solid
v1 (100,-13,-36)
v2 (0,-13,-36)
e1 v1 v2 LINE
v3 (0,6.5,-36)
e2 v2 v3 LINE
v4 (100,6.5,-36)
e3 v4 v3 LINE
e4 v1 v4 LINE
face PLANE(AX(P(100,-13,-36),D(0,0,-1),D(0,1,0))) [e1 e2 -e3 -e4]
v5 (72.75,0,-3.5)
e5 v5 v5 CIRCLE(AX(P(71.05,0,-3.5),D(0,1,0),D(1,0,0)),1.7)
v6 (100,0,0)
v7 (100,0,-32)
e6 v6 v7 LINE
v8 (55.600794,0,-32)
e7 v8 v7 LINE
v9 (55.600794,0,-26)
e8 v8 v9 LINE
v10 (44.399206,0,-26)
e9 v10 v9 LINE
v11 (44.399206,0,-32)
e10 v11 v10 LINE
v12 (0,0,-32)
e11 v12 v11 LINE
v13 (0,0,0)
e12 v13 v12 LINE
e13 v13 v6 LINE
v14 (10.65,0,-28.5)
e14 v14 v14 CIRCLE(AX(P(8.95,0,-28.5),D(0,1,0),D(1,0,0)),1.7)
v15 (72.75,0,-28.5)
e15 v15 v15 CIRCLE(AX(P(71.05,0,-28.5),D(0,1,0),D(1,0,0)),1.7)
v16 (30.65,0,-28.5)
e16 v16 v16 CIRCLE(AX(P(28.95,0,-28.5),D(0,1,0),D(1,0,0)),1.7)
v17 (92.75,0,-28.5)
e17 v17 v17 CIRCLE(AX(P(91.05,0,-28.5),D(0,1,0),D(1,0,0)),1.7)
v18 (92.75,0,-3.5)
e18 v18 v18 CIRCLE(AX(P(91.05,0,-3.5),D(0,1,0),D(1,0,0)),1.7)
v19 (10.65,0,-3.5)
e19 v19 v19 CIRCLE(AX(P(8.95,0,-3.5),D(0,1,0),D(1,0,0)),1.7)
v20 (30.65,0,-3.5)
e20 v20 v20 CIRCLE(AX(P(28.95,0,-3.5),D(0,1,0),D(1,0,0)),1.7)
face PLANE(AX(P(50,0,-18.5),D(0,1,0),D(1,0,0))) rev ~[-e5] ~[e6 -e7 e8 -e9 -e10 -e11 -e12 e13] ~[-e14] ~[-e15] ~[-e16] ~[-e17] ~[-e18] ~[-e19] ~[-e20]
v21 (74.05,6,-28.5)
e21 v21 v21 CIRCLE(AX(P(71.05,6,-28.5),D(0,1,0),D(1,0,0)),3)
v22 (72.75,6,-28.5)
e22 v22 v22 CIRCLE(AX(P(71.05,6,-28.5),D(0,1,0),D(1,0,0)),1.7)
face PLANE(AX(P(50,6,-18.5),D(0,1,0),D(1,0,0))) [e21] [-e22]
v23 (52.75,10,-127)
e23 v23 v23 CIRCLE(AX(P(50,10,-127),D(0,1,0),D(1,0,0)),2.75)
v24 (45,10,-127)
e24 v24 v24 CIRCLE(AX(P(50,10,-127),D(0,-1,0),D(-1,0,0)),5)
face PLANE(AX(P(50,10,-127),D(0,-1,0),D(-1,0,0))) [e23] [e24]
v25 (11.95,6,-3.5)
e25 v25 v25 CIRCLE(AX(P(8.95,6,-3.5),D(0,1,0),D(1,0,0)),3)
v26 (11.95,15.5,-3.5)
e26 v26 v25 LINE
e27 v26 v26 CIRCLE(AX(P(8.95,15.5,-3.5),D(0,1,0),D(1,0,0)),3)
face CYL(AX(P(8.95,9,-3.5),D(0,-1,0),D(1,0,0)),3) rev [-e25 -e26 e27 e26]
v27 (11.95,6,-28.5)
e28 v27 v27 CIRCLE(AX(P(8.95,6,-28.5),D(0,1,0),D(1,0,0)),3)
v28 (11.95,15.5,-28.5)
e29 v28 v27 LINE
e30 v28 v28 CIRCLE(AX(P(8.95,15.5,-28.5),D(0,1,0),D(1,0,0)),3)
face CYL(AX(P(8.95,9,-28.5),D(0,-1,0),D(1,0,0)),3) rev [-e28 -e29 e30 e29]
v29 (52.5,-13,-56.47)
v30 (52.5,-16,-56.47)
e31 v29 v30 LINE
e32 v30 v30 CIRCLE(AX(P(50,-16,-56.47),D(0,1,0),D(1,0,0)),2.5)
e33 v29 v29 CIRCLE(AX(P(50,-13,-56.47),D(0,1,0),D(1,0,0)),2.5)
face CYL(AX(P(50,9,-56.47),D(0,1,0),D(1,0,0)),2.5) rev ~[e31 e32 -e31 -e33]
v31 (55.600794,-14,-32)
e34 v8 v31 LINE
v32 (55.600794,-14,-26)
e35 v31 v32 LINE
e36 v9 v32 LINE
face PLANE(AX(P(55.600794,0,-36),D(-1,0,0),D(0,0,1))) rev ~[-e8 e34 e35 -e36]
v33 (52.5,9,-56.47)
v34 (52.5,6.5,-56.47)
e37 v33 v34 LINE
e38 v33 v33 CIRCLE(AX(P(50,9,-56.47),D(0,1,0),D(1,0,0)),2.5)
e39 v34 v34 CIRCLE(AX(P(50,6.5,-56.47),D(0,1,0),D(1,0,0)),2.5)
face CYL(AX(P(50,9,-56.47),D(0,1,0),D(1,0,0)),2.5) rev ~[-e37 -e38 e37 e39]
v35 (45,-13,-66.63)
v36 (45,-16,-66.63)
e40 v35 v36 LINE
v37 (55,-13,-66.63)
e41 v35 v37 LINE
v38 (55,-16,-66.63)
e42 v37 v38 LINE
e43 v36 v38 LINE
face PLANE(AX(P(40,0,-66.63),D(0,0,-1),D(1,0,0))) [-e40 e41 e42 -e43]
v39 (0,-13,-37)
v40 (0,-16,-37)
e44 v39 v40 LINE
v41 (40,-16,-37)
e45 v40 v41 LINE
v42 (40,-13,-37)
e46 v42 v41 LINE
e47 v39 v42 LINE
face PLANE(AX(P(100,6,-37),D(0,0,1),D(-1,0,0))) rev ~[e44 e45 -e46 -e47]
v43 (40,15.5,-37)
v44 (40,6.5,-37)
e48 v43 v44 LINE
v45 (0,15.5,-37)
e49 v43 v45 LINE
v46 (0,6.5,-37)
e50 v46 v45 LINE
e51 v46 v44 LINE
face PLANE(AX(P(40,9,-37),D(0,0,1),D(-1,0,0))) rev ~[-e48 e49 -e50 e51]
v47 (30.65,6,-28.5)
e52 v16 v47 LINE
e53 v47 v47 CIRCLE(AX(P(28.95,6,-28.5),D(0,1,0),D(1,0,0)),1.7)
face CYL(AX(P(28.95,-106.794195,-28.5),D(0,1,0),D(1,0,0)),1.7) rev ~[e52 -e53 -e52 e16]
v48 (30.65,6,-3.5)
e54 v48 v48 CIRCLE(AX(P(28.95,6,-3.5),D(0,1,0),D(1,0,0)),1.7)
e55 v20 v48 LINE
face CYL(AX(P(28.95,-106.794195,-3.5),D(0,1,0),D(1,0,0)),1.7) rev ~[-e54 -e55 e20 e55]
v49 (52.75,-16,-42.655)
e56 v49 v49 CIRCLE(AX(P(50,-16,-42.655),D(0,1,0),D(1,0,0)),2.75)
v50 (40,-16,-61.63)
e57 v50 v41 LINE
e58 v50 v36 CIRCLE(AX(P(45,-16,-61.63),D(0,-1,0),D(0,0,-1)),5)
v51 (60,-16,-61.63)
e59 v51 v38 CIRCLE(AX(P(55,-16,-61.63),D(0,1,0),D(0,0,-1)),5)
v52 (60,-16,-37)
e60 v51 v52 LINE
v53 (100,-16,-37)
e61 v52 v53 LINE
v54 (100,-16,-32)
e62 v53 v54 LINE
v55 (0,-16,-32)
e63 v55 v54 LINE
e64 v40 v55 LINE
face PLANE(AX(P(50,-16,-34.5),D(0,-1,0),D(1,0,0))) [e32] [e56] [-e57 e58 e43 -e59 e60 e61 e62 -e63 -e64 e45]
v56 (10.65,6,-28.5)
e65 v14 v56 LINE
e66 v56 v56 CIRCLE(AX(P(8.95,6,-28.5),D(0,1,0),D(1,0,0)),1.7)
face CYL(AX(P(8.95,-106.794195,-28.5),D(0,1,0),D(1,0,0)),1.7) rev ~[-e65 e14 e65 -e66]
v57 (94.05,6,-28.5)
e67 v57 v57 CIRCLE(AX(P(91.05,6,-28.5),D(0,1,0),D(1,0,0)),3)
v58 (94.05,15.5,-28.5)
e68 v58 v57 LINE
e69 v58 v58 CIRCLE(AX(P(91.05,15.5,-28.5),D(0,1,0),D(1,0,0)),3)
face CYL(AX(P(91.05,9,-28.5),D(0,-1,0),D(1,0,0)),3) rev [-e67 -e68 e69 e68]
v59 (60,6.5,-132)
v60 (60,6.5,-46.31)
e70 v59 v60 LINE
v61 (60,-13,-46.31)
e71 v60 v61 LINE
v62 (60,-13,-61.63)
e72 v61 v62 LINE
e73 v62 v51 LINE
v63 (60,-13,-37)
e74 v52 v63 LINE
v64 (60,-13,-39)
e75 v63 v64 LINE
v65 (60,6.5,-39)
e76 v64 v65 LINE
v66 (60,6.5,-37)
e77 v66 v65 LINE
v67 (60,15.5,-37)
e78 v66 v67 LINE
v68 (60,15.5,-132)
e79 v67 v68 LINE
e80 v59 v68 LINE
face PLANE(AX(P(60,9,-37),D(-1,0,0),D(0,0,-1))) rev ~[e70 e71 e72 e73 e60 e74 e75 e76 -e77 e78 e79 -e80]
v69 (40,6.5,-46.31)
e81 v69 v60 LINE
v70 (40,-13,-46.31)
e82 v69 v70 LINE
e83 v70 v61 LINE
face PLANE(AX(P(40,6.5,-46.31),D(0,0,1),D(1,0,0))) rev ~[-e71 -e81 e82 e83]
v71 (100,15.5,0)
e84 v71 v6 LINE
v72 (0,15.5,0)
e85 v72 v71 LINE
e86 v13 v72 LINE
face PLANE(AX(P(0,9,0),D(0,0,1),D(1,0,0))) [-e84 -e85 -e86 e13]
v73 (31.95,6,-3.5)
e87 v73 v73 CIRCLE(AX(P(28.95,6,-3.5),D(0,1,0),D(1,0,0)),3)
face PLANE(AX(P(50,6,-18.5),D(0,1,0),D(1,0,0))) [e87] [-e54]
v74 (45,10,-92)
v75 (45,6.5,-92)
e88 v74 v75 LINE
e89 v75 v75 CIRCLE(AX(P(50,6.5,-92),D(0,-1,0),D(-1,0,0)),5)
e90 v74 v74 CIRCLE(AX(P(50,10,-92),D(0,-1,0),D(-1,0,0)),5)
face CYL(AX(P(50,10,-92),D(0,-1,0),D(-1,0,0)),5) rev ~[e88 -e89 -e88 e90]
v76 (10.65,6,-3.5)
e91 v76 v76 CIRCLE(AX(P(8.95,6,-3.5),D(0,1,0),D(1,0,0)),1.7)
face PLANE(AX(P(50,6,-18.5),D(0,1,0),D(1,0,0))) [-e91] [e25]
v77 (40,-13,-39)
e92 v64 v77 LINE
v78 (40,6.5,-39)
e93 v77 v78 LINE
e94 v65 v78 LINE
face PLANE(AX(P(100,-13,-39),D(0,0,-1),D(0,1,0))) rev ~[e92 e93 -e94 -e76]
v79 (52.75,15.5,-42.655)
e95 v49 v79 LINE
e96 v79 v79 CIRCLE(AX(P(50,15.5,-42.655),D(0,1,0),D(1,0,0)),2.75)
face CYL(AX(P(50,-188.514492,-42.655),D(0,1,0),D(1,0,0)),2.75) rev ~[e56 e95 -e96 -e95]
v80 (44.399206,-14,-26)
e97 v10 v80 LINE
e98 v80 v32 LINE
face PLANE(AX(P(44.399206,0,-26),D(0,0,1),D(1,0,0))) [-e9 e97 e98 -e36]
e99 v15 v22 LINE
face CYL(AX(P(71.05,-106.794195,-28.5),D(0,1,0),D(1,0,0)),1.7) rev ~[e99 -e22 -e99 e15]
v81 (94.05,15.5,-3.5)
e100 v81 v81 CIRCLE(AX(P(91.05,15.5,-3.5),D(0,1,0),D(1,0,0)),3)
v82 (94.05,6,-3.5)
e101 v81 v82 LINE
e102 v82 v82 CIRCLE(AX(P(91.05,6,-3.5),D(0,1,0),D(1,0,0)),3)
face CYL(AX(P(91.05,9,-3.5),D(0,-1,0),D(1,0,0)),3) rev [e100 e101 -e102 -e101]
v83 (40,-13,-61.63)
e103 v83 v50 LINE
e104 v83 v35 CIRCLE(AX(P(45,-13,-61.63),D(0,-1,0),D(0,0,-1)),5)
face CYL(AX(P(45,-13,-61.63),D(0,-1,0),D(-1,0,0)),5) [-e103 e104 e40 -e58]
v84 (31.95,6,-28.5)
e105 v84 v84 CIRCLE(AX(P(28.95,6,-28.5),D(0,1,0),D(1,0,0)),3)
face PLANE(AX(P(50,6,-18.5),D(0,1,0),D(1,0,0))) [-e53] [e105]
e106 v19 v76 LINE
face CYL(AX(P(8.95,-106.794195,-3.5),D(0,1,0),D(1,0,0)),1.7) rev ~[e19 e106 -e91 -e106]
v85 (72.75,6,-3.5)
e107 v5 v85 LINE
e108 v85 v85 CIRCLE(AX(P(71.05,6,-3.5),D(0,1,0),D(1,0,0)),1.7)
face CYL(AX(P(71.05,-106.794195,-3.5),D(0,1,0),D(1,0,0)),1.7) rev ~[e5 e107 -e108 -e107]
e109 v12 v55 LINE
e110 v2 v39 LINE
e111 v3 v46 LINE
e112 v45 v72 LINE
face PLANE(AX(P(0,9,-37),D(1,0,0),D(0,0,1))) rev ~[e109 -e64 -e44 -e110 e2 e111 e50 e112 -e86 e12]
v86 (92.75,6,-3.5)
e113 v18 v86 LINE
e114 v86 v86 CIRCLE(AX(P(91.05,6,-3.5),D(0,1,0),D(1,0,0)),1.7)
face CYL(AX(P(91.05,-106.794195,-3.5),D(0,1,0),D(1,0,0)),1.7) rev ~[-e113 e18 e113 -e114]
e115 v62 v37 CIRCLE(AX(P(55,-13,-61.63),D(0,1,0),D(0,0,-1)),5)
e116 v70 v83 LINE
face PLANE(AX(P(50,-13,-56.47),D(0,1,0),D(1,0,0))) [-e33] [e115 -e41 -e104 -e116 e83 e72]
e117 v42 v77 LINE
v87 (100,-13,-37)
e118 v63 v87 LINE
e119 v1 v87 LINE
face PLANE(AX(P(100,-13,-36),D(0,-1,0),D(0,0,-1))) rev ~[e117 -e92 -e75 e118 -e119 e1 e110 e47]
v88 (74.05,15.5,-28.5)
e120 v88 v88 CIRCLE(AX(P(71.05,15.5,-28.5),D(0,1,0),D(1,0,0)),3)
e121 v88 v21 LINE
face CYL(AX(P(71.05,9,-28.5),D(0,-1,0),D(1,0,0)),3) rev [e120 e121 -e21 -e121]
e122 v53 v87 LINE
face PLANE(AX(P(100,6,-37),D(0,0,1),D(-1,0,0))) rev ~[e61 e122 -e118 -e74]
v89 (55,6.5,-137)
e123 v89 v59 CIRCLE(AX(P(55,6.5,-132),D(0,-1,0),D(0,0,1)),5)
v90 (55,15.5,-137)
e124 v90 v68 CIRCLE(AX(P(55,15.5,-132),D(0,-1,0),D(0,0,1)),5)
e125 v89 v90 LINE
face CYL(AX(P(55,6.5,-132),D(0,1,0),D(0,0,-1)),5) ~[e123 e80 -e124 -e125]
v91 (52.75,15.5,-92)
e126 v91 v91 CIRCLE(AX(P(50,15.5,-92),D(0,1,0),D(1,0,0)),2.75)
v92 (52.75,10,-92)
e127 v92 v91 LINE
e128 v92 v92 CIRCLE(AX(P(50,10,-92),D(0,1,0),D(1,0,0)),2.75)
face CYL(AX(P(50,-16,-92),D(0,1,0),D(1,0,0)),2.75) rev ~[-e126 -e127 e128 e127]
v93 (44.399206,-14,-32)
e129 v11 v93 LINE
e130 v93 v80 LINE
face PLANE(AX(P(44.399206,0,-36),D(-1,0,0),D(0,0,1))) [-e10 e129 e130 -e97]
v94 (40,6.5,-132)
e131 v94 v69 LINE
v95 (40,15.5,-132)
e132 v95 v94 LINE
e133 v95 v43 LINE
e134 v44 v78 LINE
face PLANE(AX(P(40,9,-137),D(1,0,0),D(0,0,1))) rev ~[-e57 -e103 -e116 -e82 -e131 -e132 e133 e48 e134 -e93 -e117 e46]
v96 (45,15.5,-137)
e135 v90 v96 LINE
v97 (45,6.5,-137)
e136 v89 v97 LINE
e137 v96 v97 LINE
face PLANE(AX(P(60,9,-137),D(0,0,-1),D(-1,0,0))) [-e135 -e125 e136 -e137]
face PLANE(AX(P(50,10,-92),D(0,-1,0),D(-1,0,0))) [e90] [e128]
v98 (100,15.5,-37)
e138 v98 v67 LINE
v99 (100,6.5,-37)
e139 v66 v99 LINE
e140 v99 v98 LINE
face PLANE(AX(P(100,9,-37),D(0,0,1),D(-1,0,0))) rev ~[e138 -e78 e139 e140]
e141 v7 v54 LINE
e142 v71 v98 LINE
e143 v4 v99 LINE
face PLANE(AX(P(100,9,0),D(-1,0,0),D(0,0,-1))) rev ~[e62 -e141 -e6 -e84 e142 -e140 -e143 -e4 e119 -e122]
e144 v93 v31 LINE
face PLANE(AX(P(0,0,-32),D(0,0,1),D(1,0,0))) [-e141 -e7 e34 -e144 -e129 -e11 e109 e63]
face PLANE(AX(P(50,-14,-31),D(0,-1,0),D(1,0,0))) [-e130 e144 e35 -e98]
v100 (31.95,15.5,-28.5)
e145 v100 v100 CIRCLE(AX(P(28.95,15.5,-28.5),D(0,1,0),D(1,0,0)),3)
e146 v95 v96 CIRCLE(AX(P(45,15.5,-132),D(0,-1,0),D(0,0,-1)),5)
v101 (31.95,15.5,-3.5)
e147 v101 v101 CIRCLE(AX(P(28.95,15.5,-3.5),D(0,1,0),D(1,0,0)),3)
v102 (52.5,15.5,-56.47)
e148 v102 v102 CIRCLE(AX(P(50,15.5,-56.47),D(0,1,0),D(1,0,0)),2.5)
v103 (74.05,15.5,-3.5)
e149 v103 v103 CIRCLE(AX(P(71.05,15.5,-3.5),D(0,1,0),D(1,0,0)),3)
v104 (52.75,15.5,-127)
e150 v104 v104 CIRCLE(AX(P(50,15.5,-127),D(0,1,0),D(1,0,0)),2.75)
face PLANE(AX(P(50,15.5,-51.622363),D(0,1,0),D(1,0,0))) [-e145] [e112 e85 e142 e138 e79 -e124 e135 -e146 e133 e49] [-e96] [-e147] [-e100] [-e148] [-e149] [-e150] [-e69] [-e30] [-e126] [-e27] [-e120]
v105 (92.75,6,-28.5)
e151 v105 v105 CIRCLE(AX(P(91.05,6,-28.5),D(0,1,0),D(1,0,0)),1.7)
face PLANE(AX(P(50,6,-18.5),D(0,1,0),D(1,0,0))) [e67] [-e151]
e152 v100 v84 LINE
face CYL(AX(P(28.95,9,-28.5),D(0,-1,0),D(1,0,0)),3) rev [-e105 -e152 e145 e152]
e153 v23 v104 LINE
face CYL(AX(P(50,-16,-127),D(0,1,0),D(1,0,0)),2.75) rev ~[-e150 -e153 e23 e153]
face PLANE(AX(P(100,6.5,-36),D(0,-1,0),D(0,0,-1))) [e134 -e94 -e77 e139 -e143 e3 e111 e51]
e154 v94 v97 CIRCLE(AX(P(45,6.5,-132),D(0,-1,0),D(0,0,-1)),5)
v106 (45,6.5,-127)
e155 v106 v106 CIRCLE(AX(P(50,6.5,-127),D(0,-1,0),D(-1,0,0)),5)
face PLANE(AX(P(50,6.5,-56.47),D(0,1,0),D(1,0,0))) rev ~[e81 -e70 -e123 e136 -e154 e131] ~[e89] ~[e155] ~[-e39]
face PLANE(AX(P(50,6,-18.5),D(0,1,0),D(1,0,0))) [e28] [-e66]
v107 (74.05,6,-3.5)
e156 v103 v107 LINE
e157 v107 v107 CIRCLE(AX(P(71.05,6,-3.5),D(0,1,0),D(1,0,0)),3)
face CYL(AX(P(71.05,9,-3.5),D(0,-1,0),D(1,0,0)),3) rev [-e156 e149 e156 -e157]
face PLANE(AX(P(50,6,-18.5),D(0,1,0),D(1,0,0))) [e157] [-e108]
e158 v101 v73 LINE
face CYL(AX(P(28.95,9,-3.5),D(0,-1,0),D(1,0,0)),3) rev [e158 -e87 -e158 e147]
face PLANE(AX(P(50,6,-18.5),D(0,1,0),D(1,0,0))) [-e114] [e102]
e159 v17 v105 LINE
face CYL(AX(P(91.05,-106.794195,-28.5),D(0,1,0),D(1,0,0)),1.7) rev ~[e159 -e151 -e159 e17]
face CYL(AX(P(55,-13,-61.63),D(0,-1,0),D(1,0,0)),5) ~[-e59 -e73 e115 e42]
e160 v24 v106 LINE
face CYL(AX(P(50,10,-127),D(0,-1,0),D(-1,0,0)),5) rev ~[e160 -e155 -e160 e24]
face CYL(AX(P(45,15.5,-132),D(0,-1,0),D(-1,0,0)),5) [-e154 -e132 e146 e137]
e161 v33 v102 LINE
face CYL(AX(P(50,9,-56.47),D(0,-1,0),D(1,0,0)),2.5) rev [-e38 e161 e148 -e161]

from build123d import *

# Parameters (mm, degrees)
SKETCH1_W                      = 100
SKETCH1_H                      = 37
BOSS_EXTRUDE1_DEPTH            = 6
M3_CLEARANCE_HOLE1_D           = 3.4
SKETCH31_W                     = 20
SKETCH31_H                     = 29.63
BOSS_EXTRUDE9_DEPTH            = 16
BOSS_EXTRUDE9_DEPTH_BACK       = 9
SKETCH32_W                     = 100
SKETCH32_H                     = 5
BOSS_EXTRUDE10_DEPTH           = 16
SKETCH33_R                     = 3
BOSS_EXTRUDE11_DEPTH           = 3
SKETCH34_W                     = 3
SKETCH34_H                     = 19.5
CUT_EXTRUDE1_DEPTH             = 101
CUT_EXTRUDE2_START             = -2.5
SKETCH35_W                     = 20
SKETCH35_H                     = 20.32
CUT_EXTRUDE2_DEPTH             = 19.5
SKETCH36_R                     = 2.5
CUT_EXTRUDE3_DEPTH             = 26
FILLET1_R                      = 5
SKETCH37_R                     = 3
SKETCH37_R_2                   = 2.5
BOSS_EXTRUDE12_DEPTH           = 6.5
BOSS_EXTRUDE12_DEPTH_BACK      = 2.5
CBORE_FOR_M5_SHCS1_D           = 5.5
CBORE_FOR_M5_SHCS1_CBORE_D     = 10
CBORE_FOR_M5_SHCS1_CBORE_DEPTH = 26
M5_CLEARANCE_HOLE1_D           = 5.5
FILLET3_R                      = 5
SKETCH48_W                     = 11.20158878
SKETCH48_H                     = 10
BOSS_EXTRUDE15_DEPTH           = 14


with BuildPart() as part:
    # Sketch1 → Boss-Extrude1 (new body)
    with BuildSketch(Plane(origin=(0, 0, 0), x_dir=(1, 0, 0), z_dir=(0, 1, 0))):
        with Locations((50, 18.5)):
            Rectangle(SKETCH1_W, SKETCH1_H)
    extrude(amount=BOSS_EXTRUDE1_DEPTH)

    # M3 Clearance Hole1 (through all)
    with Locations(Plane(origin=(0, 0, 0), x_dir=(-1, 0, 0), z_dir=(0, -1, 0))):
        with Locations((-8.95, 3.5), (-8.95, 28.5), (-28.95, 28.5), (-28.95, 3.5), (-71.05, 3.5), (-71.05, 28.5), (-91.05, 28.5), (-91.05, 3.5)):
            Hole(M3_CLEARANCE_HOLE1_D / 2)

    # Sketch31 → Boss-Extrude9 (add, two sides)
    with BuildSketch(Plane.XZ) as boss_extrude9_sk:
        with Locations((50, -51.815)):
            Rectangle(SKETCH31_W, SKETCH31_H)
    extrude(amount=BOSS_EXTRUDE9_DEPTH)
    extrude(boss_extrude9_sk.sketch, amount=-BOSS_EXTRUDE9_DEPTH_BACK)

    # Sketch32 → Boss-Extrude10 (add)
    with BuildSketch(Plane.XZ):
        with Locations((50, -34.5)):
            Rectangle(SKETCH32_W, SKETCH32_H)
    extrude(amount=BOSS_EXTRUDE10_DEPTH)

    # Sketch33 → Boss-Extrude11 (add)
    with BuildSketch(Plane(origin=(0, 6, 0), x_dir=(1, 0, 0), z_dir=(0, 1, 0))):
        Polygon((0, 37), (0, 0), (100, 0), (100, 37), (60, 37), (40, 37), align=None)
        with Locations((71.05, 3.5)):
            Circle(SKETCH33_R, mode=Mode.SUBTRACT)
        with Locations((71.05, 28.5)):
            Circle(SKETCH33_R, mode=Mode.SUBTRACT)
        with Locations((28.95, 3.5)):
            Circle(SKETCH33_R, mode=Mode.SUBTRACT)
        with Locations((28.95, 28.5)):
            Circle(SKETCH33_R, mode=Mode.SUBTRACT)
        with Locations((8.95, 28.5)):
            Circle(SKETCH33_R, mode=Mode.SUBTRACT)
        with Locations((8.95, 3.5)):
            Circle(SKETCH33_R, mode=Mode.SUBTRACT)
        with Locations((91.05, 3.5)):
            Circle(SKETCH33_R, mode=Mode.SUBTRACT)
        with Locations((91.05, 28.5)):
            Circle(SKETCH33_R, mode=Mode.SUBTRACT)
    extrude(amount=BOSS_EXTRUDE11_DEPTH)

    # Sketch34 → Cut-Extrude1 (cut, through all)
    with BuildSketch(Plane(origin=(100, 0, 0), x_dir=(0, 0, -1), z_dir=(1, 0, 0))):
        with Locations((37.5, -3.25)):
            Rectangle(SKETCH34_W, SKETCH34_H)
    extrude(amount=-CUT_EXTRUDE1_DEPTH, mode=Mode.SUBTRACT)

    # Sketch35 → Cut-Extrude2 (cut)
    with BuildSketch(Plane(origin=(0, 9, 0), x_dir=(1, 0, 0), z_dir=(0, 1, 0)).offset(CUT_EXTRUDE2_START)):
        with Locations((50, 56.47)):
            Rectangle(SKETCH35_W, SKETCH35_H)
    extrude(amount=-CUT_EXTRUDE2_DEPTH, mode=Mode.SUBTRACT)

    # Sketch36 → Cut-Extrude3 (cut, through all)
    with BuildSketch(Plane(origin=(0, 9, 0), x_dir=(1, 0, 0), z_dir=(0, 1, 0))):
        with Locations((50, 56.47)):
            Circle(SKETCH36_R)
    extrude(amount=-CUT_EXTRUDE3_DEPTH, mode=Mode.SUBTRACT)

    # Fillet1
    fillet1_edges = [part.edges().sort_by_distance(p)[0] for p in [
        (60, 7.75, -66.63),
        (40, 7.75, -66.63),
        (40, -14.5, -66.63),
        (60, -14.5, -66.63),
    ]]
    fillet(fillet1_edges, radius=FILLET1_R)

    # Sketch37 → Boss-Extrude12 (add, two sides)
    with BuildSketch(Plane(origin=(0, 9, 0), x_dir=(1, 0, 0), z_dir=(0, 1, 0))) as boss_extrude12_sk:
        Polygon((40, 37), (0, 37), (0, 0), (100, 0), (100, 37), (60, 37), (60, 137), (40, 137), align=None)
        with Locations((28.95, 3.5)):
            Circle(SKETCH37_R, mode=Mode.SUBTRACT)
        with Locations((8.95, 3.5)):
            Circle(SKETCH37_R, mode=Mode.SUBTRACT)
        with Locations((8.95, 28.5)):
            Circle(SKETCH37_R, mode=Mode.SUBTRACT)
        with Locations((28.95, 28.5)):
            Circle(SKETCH37_R, mode=Mode.SUBTRACT)
        with Locations((71.05, 28.5)):
            Circle(SKETCH37_R, mode=Mode.SUBTRACT)
        with Locations((91.05, 28.5)):
            Circle(SKETCH37_R, mode=Mode.SUBTRACT)
        with Locations((91.05, 3.5)):
            Circle(SKETCH37_R, mode=Mode.SUBTRACT)
        with Locations((71.05, 3.5)):
            Circle(SKETCH37_R, mode=Mode.SUBTRACT)
        with Locations((50, 56.47)):
            Circle(SKETCH37_R_2, mode=Mode.SUBTRACT)
    extrude(amount=BOSS_EXTRUDE12_DEPTH)
    extrude(boss_extrude12_sk.sketch, amount=-BOSS_EXTRUDE12_DEPTH_BACK)

    # CBORE for M5 SHCS1 (through all)
    with Locations(Plane(origin=(0, -16, 0), x_dir=(-1, 0, 0), z_dir=(0, -1, 0))):
        with Locations((-50, 127), (-50, 92)):
            CounterBoreHole(CBORE_FOR_M5_SHCS1_D / 2, CBORE_FOR_M5_SHCS1_CBORE_D / 2, CBORE_FOR_M5_SHCS1_CBORE_DEPTH)

    # M5 Clearance Hole1 (through all)
    with Locations(Plane(origin=(0, -16, 0), x_dir=(-1, 0, 0), z_dir=(0, -1, 0))):
        with Locations((-50, 42.655)):
            Hole(M5_CLEARANCE_HOLE1_D / 2)

    # Fillet3
    fillet3_edges = [part.edges().sort_by_distance(p)[0] for p in [
        (60, 11, -137),
        (40, 11, -137),
    ]]
    fillet(fillet3_edges, radius=FILLET3_R)

    # Sketch48 → Boss-Extrude15 (add)
    with BuildSketch(Plane.XZ):
        with Locations((50, -31)):
            Rectangle(SKETCH48_W, SKETCH48_H)
    extrude(amount=BOSS_EXTRUDE15_DEPTH)


solid = part.part
